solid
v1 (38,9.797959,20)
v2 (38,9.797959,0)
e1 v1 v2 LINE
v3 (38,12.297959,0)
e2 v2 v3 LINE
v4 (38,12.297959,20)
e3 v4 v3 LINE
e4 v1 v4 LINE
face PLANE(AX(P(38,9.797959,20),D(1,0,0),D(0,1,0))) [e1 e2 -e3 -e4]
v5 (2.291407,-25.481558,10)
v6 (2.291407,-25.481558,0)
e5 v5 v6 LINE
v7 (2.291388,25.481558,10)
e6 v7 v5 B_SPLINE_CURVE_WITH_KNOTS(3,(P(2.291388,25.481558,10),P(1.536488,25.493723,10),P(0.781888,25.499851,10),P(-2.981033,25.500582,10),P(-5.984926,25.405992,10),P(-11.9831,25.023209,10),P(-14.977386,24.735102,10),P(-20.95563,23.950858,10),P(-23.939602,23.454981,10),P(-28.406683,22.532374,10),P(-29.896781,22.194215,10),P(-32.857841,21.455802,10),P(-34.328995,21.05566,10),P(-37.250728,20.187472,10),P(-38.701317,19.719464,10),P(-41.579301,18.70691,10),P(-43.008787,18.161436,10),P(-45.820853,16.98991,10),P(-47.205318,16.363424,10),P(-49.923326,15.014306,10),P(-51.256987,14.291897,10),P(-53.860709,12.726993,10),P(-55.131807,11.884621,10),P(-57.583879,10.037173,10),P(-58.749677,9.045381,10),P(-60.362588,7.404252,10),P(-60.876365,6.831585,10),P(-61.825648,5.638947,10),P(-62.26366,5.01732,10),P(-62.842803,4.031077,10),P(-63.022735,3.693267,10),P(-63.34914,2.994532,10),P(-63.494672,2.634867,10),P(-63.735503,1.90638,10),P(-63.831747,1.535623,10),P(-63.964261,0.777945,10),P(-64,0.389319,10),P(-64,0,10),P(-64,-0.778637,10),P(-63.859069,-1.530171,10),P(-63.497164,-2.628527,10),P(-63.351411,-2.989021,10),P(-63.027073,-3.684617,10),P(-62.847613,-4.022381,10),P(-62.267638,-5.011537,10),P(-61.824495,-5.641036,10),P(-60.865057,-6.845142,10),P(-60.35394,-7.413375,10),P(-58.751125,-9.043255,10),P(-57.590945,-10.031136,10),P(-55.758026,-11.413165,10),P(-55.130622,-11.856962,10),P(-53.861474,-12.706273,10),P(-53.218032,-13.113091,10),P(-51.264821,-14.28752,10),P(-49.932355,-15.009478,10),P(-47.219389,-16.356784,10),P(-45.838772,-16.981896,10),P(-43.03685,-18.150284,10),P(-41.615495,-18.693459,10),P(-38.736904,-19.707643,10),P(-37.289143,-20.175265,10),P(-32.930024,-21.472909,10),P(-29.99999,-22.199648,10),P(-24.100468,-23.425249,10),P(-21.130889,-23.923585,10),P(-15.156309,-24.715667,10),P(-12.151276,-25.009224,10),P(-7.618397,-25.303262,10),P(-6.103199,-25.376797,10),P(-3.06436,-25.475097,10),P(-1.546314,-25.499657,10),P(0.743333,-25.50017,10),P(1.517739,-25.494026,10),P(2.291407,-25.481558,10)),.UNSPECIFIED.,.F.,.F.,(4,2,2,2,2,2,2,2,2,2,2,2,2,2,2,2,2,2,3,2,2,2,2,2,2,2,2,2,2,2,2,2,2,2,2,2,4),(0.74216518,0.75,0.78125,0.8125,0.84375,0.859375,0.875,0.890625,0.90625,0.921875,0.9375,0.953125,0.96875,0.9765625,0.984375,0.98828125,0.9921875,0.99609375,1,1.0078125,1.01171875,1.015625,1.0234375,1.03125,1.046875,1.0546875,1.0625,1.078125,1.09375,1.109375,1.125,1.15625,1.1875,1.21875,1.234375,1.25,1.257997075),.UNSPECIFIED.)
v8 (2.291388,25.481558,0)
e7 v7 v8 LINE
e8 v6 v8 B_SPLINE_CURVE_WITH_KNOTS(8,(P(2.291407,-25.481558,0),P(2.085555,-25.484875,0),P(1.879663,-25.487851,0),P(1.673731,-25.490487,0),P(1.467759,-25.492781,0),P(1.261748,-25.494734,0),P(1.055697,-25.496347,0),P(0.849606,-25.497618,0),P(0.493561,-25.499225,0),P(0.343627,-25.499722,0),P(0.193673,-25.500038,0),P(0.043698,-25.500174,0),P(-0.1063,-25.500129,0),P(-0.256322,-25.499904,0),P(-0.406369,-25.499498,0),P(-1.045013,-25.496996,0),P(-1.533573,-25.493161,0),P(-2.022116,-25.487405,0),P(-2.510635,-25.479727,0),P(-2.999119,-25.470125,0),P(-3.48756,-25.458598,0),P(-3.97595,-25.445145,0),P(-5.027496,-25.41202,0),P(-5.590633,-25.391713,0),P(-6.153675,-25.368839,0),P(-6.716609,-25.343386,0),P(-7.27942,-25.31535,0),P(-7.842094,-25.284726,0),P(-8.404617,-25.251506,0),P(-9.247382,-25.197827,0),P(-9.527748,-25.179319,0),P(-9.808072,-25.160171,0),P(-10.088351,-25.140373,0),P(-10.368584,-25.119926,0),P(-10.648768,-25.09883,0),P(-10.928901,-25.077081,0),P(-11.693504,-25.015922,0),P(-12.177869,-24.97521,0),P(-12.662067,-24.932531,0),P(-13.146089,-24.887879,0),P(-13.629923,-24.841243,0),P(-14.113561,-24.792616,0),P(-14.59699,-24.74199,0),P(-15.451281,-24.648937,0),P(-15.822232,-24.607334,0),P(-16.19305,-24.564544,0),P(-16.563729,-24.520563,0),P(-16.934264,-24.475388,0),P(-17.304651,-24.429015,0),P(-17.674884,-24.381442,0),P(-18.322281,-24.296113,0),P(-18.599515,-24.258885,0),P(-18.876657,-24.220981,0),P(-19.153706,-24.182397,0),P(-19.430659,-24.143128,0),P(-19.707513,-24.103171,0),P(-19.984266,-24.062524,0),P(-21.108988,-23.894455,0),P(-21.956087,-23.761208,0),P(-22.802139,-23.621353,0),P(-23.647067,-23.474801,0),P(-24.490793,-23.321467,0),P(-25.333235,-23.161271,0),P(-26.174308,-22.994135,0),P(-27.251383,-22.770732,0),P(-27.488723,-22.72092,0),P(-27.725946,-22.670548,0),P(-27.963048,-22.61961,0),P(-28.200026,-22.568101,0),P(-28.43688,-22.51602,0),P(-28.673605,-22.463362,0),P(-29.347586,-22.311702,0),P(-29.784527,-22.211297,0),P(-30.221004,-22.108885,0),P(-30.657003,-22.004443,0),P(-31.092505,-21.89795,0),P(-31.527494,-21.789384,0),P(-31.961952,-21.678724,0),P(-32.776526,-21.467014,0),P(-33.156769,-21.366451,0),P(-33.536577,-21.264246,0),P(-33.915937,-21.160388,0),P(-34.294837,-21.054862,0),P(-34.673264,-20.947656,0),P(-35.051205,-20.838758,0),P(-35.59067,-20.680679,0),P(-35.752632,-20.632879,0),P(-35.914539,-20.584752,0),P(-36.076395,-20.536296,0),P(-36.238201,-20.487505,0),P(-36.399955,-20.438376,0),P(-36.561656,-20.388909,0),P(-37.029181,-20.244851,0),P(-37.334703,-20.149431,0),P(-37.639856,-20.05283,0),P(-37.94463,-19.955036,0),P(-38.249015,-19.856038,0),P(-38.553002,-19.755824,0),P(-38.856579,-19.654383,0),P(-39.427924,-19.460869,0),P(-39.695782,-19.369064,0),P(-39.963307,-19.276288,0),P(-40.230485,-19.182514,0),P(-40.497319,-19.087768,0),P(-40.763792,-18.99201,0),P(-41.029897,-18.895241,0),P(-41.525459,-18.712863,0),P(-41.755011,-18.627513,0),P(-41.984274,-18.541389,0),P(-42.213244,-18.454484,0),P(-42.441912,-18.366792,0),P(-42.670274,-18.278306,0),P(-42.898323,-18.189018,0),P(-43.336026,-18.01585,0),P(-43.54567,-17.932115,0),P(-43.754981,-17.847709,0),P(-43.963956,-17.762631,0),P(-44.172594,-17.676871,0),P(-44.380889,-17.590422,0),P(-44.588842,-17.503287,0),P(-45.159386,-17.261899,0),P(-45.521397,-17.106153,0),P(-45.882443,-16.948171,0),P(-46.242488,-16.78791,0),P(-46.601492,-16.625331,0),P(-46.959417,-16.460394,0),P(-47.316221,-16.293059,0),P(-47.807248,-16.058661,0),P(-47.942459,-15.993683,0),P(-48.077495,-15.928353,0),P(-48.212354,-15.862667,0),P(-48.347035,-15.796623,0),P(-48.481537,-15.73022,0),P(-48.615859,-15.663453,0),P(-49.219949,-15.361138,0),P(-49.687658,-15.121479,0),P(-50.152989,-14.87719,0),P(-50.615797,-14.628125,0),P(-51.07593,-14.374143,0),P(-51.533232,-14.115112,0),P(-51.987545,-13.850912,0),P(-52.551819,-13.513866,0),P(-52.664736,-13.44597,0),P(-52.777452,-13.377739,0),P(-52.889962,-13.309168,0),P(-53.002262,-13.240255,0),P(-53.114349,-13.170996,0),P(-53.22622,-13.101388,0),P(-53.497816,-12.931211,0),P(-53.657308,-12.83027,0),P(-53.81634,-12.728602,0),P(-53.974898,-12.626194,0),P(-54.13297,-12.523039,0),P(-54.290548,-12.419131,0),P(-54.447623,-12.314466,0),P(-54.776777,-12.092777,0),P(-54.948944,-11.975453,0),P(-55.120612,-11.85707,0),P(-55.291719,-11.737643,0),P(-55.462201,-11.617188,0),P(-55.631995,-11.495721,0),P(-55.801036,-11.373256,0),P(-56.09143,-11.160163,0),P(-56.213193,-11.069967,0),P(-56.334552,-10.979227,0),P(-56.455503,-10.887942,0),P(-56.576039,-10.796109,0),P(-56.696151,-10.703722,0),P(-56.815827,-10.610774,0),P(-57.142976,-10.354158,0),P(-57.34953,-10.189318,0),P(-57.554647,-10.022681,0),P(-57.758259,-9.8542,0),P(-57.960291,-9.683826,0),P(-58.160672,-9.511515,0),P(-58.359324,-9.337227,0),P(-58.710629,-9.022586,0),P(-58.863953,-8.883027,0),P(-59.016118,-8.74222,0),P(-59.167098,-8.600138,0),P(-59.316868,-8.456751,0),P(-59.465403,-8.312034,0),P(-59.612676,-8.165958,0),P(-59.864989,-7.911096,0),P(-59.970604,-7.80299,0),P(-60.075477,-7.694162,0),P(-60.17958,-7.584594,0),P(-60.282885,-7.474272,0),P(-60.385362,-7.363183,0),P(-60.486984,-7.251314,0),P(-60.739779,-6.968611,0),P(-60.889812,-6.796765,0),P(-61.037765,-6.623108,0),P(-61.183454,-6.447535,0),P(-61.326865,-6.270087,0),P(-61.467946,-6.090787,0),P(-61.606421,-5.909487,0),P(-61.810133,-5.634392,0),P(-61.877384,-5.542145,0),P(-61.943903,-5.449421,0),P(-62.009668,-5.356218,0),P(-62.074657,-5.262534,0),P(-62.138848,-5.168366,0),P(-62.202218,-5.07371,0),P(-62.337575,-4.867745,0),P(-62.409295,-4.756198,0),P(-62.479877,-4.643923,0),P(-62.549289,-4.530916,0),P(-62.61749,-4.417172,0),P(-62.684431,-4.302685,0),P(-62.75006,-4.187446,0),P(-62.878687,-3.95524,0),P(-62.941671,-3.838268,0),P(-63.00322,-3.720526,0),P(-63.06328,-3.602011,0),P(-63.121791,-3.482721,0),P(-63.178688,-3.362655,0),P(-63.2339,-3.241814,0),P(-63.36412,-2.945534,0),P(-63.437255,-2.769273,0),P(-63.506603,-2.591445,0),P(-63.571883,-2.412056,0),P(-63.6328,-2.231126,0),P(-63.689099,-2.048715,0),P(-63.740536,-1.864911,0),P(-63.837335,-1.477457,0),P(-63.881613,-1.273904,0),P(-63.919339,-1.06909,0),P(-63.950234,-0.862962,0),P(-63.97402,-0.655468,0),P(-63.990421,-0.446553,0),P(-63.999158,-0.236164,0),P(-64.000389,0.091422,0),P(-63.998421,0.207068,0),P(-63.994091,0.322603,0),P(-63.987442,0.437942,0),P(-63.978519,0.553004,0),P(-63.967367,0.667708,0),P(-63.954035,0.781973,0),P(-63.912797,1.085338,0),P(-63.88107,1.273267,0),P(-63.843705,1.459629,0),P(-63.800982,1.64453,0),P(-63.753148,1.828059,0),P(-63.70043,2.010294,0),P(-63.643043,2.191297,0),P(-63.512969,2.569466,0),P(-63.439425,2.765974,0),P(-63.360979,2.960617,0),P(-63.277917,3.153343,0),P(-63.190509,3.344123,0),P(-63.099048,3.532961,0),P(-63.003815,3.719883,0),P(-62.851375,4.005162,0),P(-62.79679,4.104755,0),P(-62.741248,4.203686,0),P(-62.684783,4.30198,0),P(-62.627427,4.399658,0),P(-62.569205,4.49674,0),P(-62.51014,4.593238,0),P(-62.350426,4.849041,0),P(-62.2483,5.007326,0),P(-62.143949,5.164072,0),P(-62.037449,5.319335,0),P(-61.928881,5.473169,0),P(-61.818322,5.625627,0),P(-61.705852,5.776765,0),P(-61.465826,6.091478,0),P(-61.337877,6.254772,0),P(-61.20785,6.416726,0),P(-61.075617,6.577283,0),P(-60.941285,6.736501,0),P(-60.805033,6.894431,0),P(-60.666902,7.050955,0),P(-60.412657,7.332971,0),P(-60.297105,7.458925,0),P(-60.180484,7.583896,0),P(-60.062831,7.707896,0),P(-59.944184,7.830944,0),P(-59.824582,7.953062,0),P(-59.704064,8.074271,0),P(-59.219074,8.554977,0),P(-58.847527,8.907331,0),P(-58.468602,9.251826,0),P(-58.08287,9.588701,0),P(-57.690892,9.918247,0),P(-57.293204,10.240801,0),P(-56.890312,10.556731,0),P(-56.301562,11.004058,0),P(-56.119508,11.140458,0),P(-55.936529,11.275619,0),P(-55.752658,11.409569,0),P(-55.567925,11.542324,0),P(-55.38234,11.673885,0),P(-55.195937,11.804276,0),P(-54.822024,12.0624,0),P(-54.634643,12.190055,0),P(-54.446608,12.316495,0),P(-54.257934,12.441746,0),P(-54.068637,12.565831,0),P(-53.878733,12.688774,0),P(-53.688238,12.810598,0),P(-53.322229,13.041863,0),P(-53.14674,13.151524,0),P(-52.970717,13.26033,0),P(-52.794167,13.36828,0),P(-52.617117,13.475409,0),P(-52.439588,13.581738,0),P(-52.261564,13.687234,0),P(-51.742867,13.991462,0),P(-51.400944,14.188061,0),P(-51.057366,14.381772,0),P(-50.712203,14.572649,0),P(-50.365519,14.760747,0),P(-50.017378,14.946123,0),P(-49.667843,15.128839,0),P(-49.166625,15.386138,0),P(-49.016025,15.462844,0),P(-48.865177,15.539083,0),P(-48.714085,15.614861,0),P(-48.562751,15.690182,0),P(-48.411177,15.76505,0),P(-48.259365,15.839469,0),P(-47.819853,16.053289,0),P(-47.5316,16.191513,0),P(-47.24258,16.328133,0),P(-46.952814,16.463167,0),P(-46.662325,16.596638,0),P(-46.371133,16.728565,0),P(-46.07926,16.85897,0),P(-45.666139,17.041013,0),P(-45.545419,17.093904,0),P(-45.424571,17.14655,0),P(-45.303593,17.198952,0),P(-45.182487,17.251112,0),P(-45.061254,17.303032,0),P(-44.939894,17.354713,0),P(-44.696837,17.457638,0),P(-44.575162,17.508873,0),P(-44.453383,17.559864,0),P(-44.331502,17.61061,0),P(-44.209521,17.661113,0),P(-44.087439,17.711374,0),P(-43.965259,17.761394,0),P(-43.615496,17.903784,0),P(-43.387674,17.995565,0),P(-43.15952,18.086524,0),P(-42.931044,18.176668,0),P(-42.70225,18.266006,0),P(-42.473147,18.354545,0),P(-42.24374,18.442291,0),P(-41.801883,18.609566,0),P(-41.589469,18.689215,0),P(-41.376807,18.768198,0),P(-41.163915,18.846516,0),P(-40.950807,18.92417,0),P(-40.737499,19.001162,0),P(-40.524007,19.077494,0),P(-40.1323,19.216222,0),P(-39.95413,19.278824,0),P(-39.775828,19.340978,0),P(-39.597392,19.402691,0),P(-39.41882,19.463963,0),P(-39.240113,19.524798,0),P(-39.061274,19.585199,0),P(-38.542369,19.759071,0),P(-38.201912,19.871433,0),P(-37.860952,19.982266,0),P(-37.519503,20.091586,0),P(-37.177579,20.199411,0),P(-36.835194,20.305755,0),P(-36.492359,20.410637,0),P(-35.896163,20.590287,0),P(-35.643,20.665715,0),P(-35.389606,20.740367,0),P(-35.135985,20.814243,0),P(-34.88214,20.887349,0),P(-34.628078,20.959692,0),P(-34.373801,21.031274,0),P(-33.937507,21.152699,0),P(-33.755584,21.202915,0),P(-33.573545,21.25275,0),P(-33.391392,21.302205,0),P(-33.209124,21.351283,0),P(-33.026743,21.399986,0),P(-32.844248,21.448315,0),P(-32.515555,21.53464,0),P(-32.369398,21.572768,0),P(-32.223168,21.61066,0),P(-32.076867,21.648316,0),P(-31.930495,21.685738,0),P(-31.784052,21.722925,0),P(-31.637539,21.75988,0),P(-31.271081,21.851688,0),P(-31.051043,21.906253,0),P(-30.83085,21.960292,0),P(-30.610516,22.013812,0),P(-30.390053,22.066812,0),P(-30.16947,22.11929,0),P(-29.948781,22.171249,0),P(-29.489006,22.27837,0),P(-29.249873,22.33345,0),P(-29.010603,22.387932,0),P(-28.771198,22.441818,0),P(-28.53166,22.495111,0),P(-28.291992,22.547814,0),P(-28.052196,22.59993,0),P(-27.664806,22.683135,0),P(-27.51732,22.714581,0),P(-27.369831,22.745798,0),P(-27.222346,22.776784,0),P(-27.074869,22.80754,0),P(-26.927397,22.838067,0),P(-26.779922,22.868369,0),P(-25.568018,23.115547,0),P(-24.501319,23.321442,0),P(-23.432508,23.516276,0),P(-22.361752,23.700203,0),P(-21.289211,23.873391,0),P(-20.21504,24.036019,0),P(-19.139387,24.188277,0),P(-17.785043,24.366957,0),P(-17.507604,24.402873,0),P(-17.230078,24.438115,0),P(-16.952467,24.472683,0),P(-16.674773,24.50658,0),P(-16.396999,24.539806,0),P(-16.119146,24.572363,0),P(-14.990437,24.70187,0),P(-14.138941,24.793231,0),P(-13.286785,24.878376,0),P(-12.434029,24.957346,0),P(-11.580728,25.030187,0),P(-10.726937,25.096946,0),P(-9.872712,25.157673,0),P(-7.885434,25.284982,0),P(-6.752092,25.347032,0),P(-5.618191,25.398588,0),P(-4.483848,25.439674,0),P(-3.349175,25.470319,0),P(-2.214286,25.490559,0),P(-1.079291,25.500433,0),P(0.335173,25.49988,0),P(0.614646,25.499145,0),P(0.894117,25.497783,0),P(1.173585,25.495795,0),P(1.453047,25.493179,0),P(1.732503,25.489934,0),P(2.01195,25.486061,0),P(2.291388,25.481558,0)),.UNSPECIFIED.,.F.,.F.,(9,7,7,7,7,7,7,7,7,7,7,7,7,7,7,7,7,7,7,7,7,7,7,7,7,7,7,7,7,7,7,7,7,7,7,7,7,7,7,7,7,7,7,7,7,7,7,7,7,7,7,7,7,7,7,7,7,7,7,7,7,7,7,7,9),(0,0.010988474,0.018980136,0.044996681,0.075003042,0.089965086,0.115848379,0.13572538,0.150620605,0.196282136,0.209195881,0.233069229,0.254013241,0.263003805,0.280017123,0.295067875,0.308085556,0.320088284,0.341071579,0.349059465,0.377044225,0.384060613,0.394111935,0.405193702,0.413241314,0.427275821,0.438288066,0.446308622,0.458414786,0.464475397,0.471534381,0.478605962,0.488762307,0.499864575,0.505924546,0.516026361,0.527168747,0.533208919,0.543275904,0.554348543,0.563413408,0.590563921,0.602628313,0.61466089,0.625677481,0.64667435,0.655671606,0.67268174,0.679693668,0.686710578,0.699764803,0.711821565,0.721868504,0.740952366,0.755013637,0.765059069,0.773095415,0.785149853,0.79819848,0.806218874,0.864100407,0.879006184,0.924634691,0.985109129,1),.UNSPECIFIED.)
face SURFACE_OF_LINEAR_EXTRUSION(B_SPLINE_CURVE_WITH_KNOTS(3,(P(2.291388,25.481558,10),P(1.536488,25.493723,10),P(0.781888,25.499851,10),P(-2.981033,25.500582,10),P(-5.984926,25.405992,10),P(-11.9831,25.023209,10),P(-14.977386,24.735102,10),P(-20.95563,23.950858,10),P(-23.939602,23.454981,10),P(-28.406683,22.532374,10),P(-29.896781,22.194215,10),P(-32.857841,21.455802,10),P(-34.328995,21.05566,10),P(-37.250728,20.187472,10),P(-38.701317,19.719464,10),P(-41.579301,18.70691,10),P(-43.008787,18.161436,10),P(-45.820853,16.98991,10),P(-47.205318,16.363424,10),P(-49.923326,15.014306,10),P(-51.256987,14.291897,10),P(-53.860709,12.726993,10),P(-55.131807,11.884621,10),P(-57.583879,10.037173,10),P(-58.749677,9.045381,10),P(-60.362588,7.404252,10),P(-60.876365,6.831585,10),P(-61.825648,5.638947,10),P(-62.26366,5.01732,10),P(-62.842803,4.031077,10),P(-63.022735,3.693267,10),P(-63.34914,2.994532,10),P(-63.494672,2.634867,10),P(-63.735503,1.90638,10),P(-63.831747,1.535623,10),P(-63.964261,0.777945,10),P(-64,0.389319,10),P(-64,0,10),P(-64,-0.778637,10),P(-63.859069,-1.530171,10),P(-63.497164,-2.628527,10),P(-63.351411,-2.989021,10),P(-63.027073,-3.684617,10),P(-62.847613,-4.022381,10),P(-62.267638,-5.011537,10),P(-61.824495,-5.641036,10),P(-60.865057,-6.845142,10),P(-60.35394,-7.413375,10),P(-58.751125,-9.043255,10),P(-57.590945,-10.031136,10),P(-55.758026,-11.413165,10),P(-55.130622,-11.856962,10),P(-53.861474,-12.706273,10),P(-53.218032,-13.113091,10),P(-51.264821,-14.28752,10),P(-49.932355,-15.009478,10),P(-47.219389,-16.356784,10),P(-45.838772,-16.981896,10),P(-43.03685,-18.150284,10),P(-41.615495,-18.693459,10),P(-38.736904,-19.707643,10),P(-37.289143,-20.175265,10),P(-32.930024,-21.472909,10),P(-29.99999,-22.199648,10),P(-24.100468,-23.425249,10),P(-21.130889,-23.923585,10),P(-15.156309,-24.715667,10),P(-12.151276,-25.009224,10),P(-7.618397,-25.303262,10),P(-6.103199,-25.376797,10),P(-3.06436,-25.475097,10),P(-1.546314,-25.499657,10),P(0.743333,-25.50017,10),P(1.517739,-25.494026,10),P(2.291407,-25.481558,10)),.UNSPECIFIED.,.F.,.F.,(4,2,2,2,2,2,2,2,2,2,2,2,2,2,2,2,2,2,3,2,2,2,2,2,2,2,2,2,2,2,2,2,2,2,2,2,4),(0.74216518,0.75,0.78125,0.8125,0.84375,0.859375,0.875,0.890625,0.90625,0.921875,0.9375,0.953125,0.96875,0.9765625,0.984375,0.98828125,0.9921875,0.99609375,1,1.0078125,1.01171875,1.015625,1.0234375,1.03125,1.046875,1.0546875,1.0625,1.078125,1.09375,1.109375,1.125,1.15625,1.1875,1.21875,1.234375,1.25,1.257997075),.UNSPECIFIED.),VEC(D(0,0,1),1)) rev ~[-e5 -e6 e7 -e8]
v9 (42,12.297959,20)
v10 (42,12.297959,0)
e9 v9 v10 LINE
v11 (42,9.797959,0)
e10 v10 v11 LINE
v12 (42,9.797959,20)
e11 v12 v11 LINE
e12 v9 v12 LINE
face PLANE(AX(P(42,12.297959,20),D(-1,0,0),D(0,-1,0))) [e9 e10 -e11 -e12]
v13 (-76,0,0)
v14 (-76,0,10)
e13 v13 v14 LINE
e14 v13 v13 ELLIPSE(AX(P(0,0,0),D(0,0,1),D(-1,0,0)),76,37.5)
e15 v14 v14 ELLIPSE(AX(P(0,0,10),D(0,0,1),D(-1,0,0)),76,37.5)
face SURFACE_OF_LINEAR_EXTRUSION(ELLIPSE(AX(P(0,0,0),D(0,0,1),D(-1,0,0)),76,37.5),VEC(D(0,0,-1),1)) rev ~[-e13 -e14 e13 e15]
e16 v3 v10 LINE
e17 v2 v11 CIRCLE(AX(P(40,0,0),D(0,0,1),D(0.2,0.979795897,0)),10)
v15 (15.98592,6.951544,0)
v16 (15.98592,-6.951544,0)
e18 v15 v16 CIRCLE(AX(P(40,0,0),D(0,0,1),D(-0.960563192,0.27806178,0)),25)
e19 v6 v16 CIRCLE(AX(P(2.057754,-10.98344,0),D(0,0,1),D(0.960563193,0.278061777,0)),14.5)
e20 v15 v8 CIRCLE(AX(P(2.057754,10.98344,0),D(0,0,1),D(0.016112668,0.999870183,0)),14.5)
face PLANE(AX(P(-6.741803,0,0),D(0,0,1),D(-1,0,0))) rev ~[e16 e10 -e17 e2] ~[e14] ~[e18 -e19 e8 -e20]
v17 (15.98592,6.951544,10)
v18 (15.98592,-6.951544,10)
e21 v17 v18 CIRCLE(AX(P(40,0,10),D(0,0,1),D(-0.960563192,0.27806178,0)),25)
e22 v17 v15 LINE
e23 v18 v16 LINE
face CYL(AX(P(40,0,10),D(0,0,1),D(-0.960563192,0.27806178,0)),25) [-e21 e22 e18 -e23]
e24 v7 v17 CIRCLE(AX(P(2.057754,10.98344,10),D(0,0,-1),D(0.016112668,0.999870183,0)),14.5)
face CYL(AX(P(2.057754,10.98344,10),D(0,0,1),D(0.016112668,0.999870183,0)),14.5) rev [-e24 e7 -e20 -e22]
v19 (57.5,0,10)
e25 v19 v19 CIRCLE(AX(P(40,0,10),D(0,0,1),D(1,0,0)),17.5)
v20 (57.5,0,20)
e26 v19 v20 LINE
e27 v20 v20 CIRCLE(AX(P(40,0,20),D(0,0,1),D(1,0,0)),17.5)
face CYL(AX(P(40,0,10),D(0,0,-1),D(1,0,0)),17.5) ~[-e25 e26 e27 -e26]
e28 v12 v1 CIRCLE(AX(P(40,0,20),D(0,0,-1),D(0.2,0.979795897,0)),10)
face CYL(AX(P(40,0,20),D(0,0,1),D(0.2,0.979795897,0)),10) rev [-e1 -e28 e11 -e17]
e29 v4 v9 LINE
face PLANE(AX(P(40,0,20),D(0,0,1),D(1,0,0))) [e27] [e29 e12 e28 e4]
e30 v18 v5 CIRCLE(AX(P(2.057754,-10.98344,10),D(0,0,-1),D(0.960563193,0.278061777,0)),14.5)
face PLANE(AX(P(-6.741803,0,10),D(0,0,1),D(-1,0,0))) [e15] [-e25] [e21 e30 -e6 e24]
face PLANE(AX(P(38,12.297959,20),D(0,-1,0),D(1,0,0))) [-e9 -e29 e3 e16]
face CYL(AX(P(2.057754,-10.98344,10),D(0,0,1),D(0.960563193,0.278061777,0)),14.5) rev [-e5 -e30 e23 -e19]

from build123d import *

# Parameters (mm, degrees)
SKETCH1_RX          = 76
SKETCH1_RY          = 37.5
BOSS_EXTRUDE1_DEPTH = 10
SKETCH2_R           = 17.5
BOSS_EXTRUDE2_DEPTH = 10
CUT_EXTRUDE1_DEPTH  = 86.336100216
CUT_EXTRUDE2_DEPTH  = 88.076116282


with BuildPart() as part:
    # Sketch1 → Boss-Extrude1 (new body)
    with BuildSketch(Plane.XY):
        with Locations(Location((0, 0), (0, 0, 180))):
            Ellipse(SKETCH1_RX, SKETCH1_RY)
    extrude(amount=BOSS_EXTRUDE1_DEPTH)

    # Sketch2 → Boss-Extrude2 (add)
    with BuildSketch(Plane.XY.offset(10)):
        with Locations((40, 0)):
            Circle(SKETCH2_R)
    extrude(amount=BOSS_EXTRUDE2_DEPTH)

    # Sketch3 → Cut-Extrude1 (cut, through all)
    with BuildSketch(Plane.XY.offset(10)):
        with BuildLine():
            ThreePointArc((15.98592019, 6.951544496), (15, 3.7e-08), (15.98592017, -6.951544426))
            ThreePointArc((15.98592017, -6.951544426), (13.718784315, -19.601466006), (2.291407331, -25.481557521))
            add(Edge.make_bspline(
                [(2.29138759, 25.481557951), (1.536487696, 25.493722982), (0.781887509, 25.499850821), (-2.981033191, 25.500581652), (-5.984925899, 25.40599226), (-11.983100173, 25.023209453), (-14.977386018, 24.73510222), (-20.95563043, 23.950858112), (-23.939601905, 23.454981247), (-28.406683292, 22.532373907), (-29.89678094, 22.194215189), (-32.857840607, 21.45580248), (-34.328995491, 21.055659759), (-37.25072809, 20.187471783), (-38.70131721, 19.719464163), (-41.57930104, 18.706909763), (-43.008786731, 18.161435894), (-45.820852611, 16.989909653), (-47.205317632, 16.36342386), (-49.923326001, 15.014306389), (-51.256986979, 14.291896812), (-53.860708588, 12.726993001), (-55.131807019, 11.884621283), (-57.583878718, 10.037173385), (-58.749677002, 9.04538051), (-60.362588222, 7.404251705), (-60.876365057, 6.831585201), (-61.825648091, 5.638947207), (-62.26365963, 5.017320455), (-62.842802577, 4.031076714), (-63.022734978, 3.693267438), (-63.349140243, 2.994531599), (-63.494672168, 2.634866816), (-63.735502964, 1.90638021), (-63.831747251, 1.535622764), (-63.964260682, 0.7779445), (-64, 0.389318673), (-64, 0), (-64, -0.778637345), (-63.859069102, -1.530171415), (-63.497163716, -2.628527212), (-63.351411012, -2.989020671), (-63.027073259, -3.684617278), (-62.847612543, -4.022381244), (-62.267637767, -5.011537226), (-61.824495344, -5.641036298), (-60.865057448, -6.845142379), (-60.353939893, -7.413375257), (-58.75112499, -9.043254515), (-57.59094473, -10.031136374), (-55.758025791, -11.413165279), (-55.130622026, -11.856962148), (-53.861474171, -12.706272639), (-53.218031918, -13.113090985), (-51.264821291, -14.287519606), (-49.932355056, -15.009477583), (-47.219389061, -16.356783508), (-45.83877221, -16.981895954), (-43.036850002, -18.150283887), (-41.615494943, -18.693459408), (-38.73690368, -19.707642558), (-37.289143264, -20.175264836), (-32.930023695, -21.47290858), (-29.999989675, -22.199648454), (-24.100467658, -23.425248805), (-21.130888818, -23.923584596), (-15.156309454, -24.715666618), (-12.151276192, -25.009223767), (-7.618397002, -25.30326182), (-6.103199372, -25.376797121), (-3.064360152, -25.475096866), (-1.546314468, -25.499657235), (0.743333331, -25.500170046), (1.517739245, -25.494026052), (2.291407331, -25.481557521)],
                knots=[0.74216518, 0.74216518, 0.74216518, 0.74216518, 0.75, 0.75, 0.78125, 0.78125, 0.8125, 0.8125, 0.84375, 0.84375, 0.859375, 0.859375, 0.875, 0.875, 0.890625, 0.890625, 0.90625, 0.90625, 0.921875, 0.921875, 0.9375, 0.9375, 0.953125, 0.953125, 0.96875, 0.96875, 0.9765625, 0.9765625, 0.984375, 0.984375, 0.98828125, 0.98828125, 0.9921875, 0.9921875, 0.99609375, 0.99609375, 1, 1, 1, 1.0078125, 1.0078125, 1.01171875, 1.01171875, 1.015625, 1.015625, 1.0234375, 1.0234375, 1.03125, 1.03125, 1.046875, 1.046875, 1.0546875, 1.0546875, 1.0625, 1.0625, 1.078125, 1.078125, 1.09375, 1.09375, 1.109375, 1.109375, 1.125, 1.125, 1.15625, 1.15625, 1.1875, 1.1875, 1.21875, 1.21875, 1.234375, 1.234375, 1.25, 1.25, 1.257997075, 1.257997075, 1.257997075, 1.257997075], degree=3))
            ThreePointArc((2.29138759, 25.481557951), (13.718778483, 19.601474052), (15.98592019, 6.951544496))
        make_face()
    extrude(amount=-CUT_EXTRUDE1_DEPTH, mode=Mode.SUBTRACT)

    # Sketch7 → Cut-Extrude2 (cut, through all)
    with BuildSketch(Plane.XY.offset(20)):
        with BuildLine():
            Line((38, 9.797958971), (38, 12.297958971))
            Line((38, 12.297958971), (42, 12.297958971))
            Line((42, 12.297958971), (42, 9.797958971))
            ThreePointArc((42, 9.797958971), (40, -10), (38, 9.797958971))
        make_face()
    extrude(amount=-CUT_EXTRUDE2_DEPTH, mode=Mode.SUBTRACT)


solid = part.part
